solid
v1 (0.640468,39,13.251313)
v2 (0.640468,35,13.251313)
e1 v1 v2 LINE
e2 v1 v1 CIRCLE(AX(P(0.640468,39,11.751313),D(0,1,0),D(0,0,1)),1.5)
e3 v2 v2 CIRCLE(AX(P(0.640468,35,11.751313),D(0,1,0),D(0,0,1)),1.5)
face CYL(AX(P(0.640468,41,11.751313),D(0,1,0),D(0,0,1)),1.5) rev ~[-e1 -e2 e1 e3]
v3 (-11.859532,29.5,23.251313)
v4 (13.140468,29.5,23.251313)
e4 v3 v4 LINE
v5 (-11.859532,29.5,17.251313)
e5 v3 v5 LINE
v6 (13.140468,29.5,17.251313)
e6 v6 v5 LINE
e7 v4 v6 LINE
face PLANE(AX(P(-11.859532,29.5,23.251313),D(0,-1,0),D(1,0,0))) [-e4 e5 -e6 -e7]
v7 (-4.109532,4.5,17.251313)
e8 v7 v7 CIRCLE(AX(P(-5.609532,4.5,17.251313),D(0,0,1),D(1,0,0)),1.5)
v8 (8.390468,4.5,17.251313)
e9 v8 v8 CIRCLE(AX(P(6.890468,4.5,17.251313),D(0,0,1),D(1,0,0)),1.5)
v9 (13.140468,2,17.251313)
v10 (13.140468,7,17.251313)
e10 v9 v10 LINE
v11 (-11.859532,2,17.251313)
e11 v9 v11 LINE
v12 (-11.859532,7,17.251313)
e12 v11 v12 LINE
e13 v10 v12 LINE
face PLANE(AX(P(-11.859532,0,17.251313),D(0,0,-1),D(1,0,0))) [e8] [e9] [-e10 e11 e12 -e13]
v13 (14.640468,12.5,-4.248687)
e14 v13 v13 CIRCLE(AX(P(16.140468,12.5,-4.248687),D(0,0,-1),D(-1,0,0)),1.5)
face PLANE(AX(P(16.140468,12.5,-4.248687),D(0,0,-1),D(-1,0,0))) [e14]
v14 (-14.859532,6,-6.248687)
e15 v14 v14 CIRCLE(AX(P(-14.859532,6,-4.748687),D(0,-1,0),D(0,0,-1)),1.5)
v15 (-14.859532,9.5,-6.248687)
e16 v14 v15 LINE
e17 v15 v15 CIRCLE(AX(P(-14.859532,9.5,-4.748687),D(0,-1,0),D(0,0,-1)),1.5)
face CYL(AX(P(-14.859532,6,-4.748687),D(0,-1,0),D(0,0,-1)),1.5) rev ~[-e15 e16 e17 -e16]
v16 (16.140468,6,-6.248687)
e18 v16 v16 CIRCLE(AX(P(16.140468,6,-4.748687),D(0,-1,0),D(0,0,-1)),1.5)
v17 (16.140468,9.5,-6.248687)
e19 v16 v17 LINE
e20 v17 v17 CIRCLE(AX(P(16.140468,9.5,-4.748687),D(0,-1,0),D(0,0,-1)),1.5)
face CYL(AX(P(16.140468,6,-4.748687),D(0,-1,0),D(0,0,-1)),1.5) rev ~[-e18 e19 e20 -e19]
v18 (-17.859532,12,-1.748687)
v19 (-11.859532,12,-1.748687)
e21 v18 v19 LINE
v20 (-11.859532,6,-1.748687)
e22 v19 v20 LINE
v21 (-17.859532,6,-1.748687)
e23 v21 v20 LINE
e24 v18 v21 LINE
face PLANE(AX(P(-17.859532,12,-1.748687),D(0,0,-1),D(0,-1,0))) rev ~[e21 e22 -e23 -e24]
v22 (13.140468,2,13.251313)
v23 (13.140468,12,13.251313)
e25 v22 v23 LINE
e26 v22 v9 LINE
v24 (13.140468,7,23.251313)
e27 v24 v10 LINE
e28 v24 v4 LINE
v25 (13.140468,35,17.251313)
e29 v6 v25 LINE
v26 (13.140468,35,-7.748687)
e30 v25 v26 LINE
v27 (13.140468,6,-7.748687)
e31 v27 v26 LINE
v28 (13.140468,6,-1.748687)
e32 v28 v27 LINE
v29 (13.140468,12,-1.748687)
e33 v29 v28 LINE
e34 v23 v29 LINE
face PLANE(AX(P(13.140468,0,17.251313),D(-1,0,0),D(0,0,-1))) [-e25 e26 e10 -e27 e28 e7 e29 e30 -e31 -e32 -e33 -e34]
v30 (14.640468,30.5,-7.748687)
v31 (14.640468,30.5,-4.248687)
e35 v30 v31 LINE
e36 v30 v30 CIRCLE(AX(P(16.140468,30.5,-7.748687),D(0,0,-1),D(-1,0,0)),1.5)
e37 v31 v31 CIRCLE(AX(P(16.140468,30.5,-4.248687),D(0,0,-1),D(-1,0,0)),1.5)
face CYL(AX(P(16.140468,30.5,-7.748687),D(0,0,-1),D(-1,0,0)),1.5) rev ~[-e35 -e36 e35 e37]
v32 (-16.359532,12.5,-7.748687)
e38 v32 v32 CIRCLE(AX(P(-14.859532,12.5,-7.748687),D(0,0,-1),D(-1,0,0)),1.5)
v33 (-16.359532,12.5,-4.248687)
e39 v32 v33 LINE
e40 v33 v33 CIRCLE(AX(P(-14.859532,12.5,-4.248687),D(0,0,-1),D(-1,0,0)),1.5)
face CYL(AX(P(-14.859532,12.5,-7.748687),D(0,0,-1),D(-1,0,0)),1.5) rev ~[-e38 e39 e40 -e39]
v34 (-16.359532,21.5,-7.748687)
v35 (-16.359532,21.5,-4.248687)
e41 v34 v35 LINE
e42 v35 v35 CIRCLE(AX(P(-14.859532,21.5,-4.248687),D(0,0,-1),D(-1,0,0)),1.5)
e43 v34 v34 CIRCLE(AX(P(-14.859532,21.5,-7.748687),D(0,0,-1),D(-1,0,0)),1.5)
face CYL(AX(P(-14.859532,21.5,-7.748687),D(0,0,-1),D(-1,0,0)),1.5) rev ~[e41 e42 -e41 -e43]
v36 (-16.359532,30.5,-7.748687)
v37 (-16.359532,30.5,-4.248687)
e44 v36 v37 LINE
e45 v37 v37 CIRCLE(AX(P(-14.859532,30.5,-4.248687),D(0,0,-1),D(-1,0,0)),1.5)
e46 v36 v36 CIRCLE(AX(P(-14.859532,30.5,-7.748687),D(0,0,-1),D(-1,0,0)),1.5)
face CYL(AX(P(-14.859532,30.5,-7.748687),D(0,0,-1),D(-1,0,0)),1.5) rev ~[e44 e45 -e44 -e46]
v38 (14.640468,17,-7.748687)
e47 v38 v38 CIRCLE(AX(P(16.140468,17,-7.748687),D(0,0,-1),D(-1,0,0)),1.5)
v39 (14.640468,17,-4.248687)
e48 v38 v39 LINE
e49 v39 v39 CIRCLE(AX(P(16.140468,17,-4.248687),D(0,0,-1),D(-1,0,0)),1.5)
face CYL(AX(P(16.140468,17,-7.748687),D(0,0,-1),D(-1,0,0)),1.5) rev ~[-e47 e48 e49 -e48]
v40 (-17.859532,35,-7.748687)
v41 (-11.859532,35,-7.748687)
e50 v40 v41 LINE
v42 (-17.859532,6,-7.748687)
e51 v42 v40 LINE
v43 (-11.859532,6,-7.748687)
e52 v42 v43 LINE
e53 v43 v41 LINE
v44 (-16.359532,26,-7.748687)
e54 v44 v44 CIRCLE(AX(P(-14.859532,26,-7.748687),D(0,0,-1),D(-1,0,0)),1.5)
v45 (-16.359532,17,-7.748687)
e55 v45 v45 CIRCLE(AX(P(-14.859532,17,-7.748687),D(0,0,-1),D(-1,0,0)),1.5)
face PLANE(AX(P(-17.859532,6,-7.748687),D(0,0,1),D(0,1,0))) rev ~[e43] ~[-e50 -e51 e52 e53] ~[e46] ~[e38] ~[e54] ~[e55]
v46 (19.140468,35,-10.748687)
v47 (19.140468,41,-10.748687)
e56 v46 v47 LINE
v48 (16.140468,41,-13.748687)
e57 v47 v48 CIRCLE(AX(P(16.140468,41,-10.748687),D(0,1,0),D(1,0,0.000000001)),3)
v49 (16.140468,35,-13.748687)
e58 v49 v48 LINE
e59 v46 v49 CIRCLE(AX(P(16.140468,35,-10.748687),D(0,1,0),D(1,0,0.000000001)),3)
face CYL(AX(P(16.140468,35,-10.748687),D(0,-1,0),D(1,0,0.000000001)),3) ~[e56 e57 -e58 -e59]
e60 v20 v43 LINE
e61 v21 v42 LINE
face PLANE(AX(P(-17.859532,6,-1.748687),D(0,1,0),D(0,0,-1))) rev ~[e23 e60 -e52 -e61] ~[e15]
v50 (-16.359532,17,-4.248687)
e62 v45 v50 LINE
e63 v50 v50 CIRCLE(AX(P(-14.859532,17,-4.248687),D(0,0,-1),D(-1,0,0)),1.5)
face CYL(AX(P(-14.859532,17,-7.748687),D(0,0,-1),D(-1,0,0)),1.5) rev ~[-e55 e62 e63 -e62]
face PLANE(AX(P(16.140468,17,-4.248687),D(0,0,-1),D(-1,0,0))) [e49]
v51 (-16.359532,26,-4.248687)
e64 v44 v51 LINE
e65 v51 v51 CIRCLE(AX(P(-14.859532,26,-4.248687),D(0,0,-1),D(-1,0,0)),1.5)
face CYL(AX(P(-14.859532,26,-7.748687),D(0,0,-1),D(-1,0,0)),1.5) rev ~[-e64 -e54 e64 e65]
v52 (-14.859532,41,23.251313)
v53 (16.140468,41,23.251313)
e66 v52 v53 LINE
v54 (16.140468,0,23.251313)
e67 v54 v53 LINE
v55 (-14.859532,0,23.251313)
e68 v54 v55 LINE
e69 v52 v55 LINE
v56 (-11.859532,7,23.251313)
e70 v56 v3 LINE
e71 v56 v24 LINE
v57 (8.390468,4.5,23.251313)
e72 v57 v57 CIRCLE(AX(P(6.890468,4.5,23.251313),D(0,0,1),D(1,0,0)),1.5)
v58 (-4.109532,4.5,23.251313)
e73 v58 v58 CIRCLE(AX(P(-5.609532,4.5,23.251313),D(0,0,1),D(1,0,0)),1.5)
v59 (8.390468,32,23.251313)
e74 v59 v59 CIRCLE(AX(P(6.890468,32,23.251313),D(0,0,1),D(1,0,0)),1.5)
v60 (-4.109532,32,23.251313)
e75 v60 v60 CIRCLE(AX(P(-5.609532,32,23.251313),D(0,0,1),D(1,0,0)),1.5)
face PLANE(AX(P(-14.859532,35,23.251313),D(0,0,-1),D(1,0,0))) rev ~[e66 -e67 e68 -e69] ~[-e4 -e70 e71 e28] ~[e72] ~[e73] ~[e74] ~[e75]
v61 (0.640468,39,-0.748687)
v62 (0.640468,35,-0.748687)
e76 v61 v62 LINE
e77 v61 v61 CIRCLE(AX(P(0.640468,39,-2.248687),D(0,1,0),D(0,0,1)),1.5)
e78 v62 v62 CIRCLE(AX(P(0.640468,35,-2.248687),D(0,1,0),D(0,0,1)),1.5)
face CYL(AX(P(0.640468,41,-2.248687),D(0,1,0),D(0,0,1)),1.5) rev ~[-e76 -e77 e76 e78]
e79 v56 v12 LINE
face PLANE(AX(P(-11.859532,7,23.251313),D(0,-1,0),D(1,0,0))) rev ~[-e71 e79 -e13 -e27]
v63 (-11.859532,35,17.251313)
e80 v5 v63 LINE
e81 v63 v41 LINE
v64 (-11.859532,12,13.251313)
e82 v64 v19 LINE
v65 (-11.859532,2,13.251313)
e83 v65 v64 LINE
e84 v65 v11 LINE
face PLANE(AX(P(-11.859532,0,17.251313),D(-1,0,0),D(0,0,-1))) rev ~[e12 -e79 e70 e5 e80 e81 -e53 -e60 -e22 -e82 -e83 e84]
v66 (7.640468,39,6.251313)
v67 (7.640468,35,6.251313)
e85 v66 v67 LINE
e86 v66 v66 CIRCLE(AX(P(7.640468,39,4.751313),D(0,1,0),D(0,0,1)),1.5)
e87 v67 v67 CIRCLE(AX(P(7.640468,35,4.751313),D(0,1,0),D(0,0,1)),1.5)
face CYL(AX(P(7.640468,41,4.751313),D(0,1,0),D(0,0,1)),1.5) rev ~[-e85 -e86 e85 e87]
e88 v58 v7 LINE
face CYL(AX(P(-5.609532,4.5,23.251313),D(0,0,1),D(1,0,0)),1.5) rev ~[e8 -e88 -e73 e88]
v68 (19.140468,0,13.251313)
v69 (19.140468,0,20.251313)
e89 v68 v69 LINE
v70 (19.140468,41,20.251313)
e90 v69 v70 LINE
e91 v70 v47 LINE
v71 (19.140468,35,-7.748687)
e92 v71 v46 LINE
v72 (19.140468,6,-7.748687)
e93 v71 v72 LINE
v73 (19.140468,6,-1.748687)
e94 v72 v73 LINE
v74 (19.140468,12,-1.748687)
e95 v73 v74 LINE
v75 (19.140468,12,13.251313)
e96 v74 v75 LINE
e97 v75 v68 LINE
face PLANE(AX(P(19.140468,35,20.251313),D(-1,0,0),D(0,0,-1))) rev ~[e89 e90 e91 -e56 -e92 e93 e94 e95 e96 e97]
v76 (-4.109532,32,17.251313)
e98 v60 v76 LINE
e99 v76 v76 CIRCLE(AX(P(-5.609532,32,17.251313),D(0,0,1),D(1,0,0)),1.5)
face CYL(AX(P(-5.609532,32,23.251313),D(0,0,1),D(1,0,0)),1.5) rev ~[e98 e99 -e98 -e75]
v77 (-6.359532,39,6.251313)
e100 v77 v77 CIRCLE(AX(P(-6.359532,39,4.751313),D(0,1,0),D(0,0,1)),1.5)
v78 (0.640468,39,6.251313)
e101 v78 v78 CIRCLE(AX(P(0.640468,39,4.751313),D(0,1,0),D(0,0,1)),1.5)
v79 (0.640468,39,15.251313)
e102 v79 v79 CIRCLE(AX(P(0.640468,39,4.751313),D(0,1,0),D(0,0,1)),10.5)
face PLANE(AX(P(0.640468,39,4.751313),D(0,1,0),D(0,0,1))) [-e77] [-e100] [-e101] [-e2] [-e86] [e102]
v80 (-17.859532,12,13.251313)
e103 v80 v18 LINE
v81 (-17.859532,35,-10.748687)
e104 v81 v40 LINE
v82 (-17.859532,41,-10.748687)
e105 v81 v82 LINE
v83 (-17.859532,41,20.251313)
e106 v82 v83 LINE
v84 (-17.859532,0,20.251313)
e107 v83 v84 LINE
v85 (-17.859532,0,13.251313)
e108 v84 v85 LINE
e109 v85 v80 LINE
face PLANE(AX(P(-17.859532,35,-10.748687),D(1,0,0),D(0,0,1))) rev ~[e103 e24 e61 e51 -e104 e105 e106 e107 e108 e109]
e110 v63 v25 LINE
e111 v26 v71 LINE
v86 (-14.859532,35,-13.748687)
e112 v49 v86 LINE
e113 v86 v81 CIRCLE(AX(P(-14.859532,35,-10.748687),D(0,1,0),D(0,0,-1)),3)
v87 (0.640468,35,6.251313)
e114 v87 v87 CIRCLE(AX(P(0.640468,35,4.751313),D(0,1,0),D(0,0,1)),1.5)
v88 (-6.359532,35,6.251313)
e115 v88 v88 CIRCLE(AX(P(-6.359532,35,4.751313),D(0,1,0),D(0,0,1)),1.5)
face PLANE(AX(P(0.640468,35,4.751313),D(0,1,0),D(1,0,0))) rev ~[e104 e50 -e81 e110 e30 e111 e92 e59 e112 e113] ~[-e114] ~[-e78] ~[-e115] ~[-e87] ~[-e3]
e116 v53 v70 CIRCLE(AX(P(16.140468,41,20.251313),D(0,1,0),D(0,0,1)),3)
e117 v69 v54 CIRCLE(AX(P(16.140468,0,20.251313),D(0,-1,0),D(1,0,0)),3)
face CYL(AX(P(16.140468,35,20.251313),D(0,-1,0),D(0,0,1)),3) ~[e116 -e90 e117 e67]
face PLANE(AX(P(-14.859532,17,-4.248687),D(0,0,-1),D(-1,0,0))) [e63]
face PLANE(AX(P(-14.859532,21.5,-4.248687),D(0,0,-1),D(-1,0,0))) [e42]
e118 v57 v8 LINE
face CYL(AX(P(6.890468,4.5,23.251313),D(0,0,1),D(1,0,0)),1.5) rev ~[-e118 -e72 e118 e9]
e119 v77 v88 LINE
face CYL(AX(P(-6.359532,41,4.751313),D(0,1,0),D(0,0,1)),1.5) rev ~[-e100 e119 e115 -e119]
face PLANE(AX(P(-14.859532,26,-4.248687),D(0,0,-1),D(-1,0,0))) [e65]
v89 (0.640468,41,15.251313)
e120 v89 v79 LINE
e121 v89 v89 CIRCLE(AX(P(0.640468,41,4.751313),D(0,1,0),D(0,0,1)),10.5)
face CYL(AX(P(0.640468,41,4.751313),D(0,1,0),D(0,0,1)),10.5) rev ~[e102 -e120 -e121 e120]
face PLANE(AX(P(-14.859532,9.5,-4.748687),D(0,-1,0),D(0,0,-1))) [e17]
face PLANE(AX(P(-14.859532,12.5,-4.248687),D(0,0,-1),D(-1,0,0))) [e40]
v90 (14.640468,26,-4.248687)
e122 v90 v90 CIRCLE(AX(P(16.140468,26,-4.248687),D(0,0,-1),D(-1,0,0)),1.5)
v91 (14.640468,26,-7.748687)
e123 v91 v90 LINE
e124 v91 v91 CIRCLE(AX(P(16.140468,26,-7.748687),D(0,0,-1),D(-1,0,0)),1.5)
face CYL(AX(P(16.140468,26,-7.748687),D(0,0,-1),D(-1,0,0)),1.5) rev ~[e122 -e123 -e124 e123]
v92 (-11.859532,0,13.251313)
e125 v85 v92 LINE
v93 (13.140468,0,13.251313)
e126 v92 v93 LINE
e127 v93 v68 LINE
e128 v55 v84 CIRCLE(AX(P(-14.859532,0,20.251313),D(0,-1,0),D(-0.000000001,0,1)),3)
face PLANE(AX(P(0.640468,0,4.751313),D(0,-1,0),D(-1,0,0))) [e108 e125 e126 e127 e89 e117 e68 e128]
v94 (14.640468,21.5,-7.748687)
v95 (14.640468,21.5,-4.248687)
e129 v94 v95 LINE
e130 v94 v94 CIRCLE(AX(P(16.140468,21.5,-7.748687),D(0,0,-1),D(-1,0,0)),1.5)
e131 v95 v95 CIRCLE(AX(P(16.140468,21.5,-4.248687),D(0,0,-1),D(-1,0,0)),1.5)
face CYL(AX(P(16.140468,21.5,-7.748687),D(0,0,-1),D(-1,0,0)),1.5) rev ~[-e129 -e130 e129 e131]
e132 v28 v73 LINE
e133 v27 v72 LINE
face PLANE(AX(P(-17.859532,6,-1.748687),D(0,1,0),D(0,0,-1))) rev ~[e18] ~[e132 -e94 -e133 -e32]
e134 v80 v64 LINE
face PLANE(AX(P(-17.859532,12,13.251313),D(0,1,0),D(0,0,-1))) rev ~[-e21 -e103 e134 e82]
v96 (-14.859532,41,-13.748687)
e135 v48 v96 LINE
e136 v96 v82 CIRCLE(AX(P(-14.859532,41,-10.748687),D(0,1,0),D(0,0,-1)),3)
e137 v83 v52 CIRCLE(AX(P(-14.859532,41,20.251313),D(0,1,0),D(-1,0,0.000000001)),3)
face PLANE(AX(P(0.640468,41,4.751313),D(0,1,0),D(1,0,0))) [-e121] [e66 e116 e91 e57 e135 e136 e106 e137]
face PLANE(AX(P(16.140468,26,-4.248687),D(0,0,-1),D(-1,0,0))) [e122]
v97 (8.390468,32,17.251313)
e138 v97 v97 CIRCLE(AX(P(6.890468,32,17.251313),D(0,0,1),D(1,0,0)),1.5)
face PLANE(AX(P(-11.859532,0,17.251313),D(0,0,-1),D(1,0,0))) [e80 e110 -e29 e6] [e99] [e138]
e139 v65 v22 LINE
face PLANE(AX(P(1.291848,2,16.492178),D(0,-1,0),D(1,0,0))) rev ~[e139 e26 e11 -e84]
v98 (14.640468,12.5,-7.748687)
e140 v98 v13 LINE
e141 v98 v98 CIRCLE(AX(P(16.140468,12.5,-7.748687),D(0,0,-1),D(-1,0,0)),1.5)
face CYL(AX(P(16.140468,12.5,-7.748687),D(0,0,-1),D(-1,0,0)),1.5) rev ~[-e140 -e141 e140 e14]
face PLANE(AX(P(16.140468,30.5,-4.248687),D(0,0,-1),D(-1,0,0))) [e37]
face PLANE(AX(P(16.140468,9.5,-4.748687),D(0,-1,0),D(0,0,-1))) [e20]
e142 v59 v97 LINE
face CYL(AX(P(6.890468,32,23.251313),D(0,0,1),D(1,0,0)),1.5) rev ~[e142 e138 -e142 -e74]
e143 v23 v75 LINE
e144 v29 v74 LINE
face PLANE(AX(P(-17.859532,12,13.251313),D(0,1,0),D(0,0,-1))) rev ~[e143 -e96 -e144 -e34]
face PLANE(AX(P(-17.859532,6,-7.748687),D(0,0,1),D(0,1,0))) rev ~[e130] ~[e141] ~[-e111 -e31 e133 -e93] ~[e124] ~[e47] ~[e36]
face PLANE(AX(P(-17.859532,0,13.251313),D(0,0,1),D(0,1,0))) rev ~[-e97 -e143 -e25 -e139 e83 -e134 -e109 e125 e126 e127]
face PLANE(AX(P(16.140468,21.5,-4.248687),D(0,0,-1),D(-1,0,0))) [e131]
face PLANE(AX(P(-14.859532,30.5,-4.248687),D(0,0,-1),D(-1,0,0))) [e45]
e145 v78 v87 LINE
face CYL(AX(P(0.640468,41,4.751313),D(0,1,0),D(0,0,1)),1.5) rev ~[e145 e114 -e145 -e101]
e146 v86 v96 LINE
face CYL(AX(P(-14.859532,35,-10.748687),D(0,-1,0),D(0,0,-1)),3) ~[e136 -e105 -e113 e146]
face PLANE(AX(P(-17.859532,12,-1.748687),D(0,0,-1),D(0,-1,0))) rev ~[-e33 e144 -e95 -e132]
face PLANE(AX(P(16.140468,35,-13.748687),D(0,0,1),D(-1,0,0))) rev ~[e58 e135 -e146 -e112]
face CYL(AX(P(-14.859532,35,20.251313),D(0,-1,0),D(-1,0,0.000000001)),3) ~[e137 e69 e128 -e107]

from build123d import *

# Parameters (mm, degrees)
SKETCH4_W           = 25
SKETCH4_H           = 25
BOSS_EXTRUDE1_DEPTH = 35
CUT_EXTRUDE12_DEPTH = 50
SKETCH23_W          = 25
SKETCH23_H          = 22.5
CUT_EXTRUDE13_DEPTH = 7
SKETCH24_W          = 30.861916298
SKETCH24_H          = 6.481730837
BOSS_EXTRUDE6_DEPTH = 2
SKETCH25_R          = 1.5
CUT_EXTRUDE14_DEPTH = 3.5
SKETCH26_R          = 1.5
CUT_EXTRUDE15_DEPTH = 3.5
BOSS_EXTRUDE8_DEPTH = 6
SKETCH28_R          = 1.5
CUT_EXTRUDE16_DEPTH = 10
SKETCH29_R          = 1.5
CUT_EXTRUDE17_DEPTH = 10
SKETCH30_R          = 10.5
CUT_EXTRUDE18_DEPTH = 2


with BuildPart() as part:
    # Sketch4 → Boss-Extrude1 (new body)
    with BuildSketch(Plane(origin=(0, 0, 0), x_dir=(1, 0, 0), z_dir=(0, 1, 0))):
        with BuildLine():
            Line((-14.859531773, 13.748687459), (16.140468227, 13.748687459))
            ThreePointArc((16.140468227, 13.748687459), (18.261788571, 12.870007803), (19.140468227, 10.748687459))
            Line((19.140468227, 10.748687459), (19.140468227, -20.251312541))
            ThreePointArc((19.140468227, -20.251312541), (18.261788571, -22.372632884), (16.140468227, -23.251312541))
            Line((16.140468227, -23.251312541), (-14.859531773, -23.251312541))
            ThreePointArc((-14.859531773, -23.251312541), (-16.980852116, -22.372632884), (-17.859531773, -20.251312541))
            Line((-17.859531773, -20.251312541), (-17.859531773, 10.748687459))
            ThreePointArc((-17.859531773, 10.748687459), (-16.980852116, 12.870007803), (-14.859531773, 13.748687459))
        make_face()
        with Locations((0.640468227, -4.751312541)):
            Rectangle(SKETCH4_W, SKETCH4_H, mode=Mode.SUBTRACT)
    extrude(amount=BOSS_EXTRUDE1_DEPTH)

    # Sketch22 → Cut-Extrude12 (cut)
    with BuildSketch(Plane.ZY.offset(17.859531773)):
        Polygon((-13.748687459, 35), (-13.748687459, 0), (13.251312541, 0), (13.251312541, 12), (-1.748687459, 12), (-1.748687459, 6), (-7.748687459, 6), (-7.748687459, 35), align=None)
    extrude(amount=-CUT_EXTRUDE12_DEPTH, mode=Mode.SUBTRACT)

    # Sketch23 → Cut-Extrude13 (cut)
    with BuildSketch(Plane.XY.offset(23.251312541)):
        with Locations((0.640468227, 18.25)):
            Rectangle(SKETCH23_W, SKETCH23_H)
    extrude(amount=-CUT_EXTRUDE13_DEPTH, mode=Mode.SUBTRACT)

    # Sketch24 → Boss-Extrude6 (add)
    with BuildSketch(Plane.XZ):
        with Locations((1.291847829, 16.49217796)):
            Rectangle(SKETCH24_W, SKETCH24_H)
    extrude(amount=-BOSS_EXTRUDE6_DEPTH)

    # Sketch25 → Cut-Extrude14 (cut)
    with BuildSketch(Plane(origin=(0, 0, -7.748687459), x_dir=(-1, 0, 0), z_dir=(0, 0, -1))):
        with Locations((-16.140468227, 21.5)):
            Circle(SKETCH25_R)
        with Locations((-16.140468227, 17)):
            Circle(SKETCH25_R)
        with Locations((-16.140468227, 12.5)):
            Circle(SKETCH25_R)
        with Locations((14.859531773, 12.5)):
            Circle(SKETCH25_R)
        with Locations((14.859531773, 21.5)):
            Circle(SKETCH25_R)
        with Locations((14.859531773, 17)):
            Circle(SKETCH25_R)
        with Locations((14.859531773, 30.5)):
            Circle(SKETCH25_R)
        with Locations((-16.140468227, 30.5)):
            Circle(SKETCH25_R)
        with Locations((-16.140468227, 26)):
            Circle(SKETCH25_R)
        with Locations((14.859531773, 26)):
            Circle(SKETCH25_R)
    extrude(amount=-CUT_EXTRUDE14_DEPTH, mode=Mode.SUBTRACT)

    # Sketch26 → Cut-Extrude15 (cut)
    with BuildSketch(Plane.XZ.offset(-6)):
        with Locations(Location((-14.859531773, -4.748687459, 0), (0, 0, 270))):
            Circle(SKETCH26_R)
        with Locations(Location((16.140468227, -4.748687459, 0), (0, 0, 270))):
            Circle(SKETCH26_R)
    extrude(amount=-CUT_EXTRUDE15_DEPTH, mode=Mode.SUBTRACT)

    # Sketch27 → Boss-Extrude8 (add)
    with BuildSketch(Plane(origin=(0, 35, 0), x_dir=(1, 0, 0), z_dir=(0, 1, 0))):
        with BuildLine():
            Line((-14.859531773, -23.251312541), (16.140468227, -23.251312541))
            ThreePointArc((16.140468227, -23.251312541), (18.261788571, -22.372632884), (19.140468227, -20.251312541))
            Line((19.140468227, -20.251312541), (19.140468227, 10.748687459))
            ThreePointArc((19.140468227, 10.748687459), (18.261788571, 12.870007803), (16.140468227, 13.748687459))
            Line((16.140468227, 13.748687459), (-14.859531773, 13.748687459))
            ThreePointArc((-14.859531773, 13.748687459), (-16.980852116, 12.870007803), (-17.859531773, 10.748687459))
            Line((-17.859531773, 10.748687459), (-17.859531773, -20.251312541))
            ThreePointArc((-17.859531773, -20.251312541), (-16.980852116, -22.372632884), (-14.859531773, -23.251312541))
        make_face()
    extrude(amount=BOSS_EXTRUDE8_DEPTH)

    # Sketch28 → Cut-Extrude16 (cut)
    with BuildSketch(Plane.XY.offset(23.251312541)):
        with Locations((-5.609531773, 32)):
            Circle(SKETCH28_R)
        with Locations((6.890468227, 32)):
            Circle(SKETCH28_R)
        with Locations((-5.609531773, 4.5)):
            Circle(SKETCH28_R)
        with Locations((6.890468227, 4.5)):
            Circle(SKETCH28_R)
    extrude(amount=-CUT_EXTRUDE16_DEPTH, mode=Mode.SUBTRACT)

    # Sketch29 → Cut-Extrude17 (cut)
    with BuildSketch(Plane(origin=(0, 41, 0), x_dir=(1, 0, 0), z_dir=(0, 1, 0))):
        with Locations(Location((0.640468227, 2.248687459, 0), (0, 0, 270))):
            Circle(SKETCH29_R)
        with Locations(Location((7.640468227, -4.751312541, 0), (0, 0, 270))):
            Circle(SKETCH29_R)
        with Locations(Location((0.640468227, -11.751312541, 0), (0, 0, 270))):
            Circle(SKETCH29_R)
        with Locations(Location((-6.359531773, -4.751312541, 0), (0, 0, 270))):
            Circle(SKETCH29_R)
        with Locations(Location((0.640468227, -4.751312541, 0), (0, 0, 270))):
            Circle(SKETCH29_R)
    extrude(amount=-CUT_EXTRUDE17_DEPTH, mode=Mode.SUBTRACT)

    # Sketch30 → Cut-Extrude18 (cut)
    with BuildSketch(Plane(origin=(0, 41, 0), x_dir=(1, 0, 0), z_dir=(0, 1, 0))):
        with Locations(Location((0.640468227, -4.751312541, 0), (0, 0, 270))):
            Circle(SKETCH30_R)
    extrude(amount=-CUT_EXTRUDE18_DEPTH, mode=Mode.SUBTRACT)


solid = part.part
